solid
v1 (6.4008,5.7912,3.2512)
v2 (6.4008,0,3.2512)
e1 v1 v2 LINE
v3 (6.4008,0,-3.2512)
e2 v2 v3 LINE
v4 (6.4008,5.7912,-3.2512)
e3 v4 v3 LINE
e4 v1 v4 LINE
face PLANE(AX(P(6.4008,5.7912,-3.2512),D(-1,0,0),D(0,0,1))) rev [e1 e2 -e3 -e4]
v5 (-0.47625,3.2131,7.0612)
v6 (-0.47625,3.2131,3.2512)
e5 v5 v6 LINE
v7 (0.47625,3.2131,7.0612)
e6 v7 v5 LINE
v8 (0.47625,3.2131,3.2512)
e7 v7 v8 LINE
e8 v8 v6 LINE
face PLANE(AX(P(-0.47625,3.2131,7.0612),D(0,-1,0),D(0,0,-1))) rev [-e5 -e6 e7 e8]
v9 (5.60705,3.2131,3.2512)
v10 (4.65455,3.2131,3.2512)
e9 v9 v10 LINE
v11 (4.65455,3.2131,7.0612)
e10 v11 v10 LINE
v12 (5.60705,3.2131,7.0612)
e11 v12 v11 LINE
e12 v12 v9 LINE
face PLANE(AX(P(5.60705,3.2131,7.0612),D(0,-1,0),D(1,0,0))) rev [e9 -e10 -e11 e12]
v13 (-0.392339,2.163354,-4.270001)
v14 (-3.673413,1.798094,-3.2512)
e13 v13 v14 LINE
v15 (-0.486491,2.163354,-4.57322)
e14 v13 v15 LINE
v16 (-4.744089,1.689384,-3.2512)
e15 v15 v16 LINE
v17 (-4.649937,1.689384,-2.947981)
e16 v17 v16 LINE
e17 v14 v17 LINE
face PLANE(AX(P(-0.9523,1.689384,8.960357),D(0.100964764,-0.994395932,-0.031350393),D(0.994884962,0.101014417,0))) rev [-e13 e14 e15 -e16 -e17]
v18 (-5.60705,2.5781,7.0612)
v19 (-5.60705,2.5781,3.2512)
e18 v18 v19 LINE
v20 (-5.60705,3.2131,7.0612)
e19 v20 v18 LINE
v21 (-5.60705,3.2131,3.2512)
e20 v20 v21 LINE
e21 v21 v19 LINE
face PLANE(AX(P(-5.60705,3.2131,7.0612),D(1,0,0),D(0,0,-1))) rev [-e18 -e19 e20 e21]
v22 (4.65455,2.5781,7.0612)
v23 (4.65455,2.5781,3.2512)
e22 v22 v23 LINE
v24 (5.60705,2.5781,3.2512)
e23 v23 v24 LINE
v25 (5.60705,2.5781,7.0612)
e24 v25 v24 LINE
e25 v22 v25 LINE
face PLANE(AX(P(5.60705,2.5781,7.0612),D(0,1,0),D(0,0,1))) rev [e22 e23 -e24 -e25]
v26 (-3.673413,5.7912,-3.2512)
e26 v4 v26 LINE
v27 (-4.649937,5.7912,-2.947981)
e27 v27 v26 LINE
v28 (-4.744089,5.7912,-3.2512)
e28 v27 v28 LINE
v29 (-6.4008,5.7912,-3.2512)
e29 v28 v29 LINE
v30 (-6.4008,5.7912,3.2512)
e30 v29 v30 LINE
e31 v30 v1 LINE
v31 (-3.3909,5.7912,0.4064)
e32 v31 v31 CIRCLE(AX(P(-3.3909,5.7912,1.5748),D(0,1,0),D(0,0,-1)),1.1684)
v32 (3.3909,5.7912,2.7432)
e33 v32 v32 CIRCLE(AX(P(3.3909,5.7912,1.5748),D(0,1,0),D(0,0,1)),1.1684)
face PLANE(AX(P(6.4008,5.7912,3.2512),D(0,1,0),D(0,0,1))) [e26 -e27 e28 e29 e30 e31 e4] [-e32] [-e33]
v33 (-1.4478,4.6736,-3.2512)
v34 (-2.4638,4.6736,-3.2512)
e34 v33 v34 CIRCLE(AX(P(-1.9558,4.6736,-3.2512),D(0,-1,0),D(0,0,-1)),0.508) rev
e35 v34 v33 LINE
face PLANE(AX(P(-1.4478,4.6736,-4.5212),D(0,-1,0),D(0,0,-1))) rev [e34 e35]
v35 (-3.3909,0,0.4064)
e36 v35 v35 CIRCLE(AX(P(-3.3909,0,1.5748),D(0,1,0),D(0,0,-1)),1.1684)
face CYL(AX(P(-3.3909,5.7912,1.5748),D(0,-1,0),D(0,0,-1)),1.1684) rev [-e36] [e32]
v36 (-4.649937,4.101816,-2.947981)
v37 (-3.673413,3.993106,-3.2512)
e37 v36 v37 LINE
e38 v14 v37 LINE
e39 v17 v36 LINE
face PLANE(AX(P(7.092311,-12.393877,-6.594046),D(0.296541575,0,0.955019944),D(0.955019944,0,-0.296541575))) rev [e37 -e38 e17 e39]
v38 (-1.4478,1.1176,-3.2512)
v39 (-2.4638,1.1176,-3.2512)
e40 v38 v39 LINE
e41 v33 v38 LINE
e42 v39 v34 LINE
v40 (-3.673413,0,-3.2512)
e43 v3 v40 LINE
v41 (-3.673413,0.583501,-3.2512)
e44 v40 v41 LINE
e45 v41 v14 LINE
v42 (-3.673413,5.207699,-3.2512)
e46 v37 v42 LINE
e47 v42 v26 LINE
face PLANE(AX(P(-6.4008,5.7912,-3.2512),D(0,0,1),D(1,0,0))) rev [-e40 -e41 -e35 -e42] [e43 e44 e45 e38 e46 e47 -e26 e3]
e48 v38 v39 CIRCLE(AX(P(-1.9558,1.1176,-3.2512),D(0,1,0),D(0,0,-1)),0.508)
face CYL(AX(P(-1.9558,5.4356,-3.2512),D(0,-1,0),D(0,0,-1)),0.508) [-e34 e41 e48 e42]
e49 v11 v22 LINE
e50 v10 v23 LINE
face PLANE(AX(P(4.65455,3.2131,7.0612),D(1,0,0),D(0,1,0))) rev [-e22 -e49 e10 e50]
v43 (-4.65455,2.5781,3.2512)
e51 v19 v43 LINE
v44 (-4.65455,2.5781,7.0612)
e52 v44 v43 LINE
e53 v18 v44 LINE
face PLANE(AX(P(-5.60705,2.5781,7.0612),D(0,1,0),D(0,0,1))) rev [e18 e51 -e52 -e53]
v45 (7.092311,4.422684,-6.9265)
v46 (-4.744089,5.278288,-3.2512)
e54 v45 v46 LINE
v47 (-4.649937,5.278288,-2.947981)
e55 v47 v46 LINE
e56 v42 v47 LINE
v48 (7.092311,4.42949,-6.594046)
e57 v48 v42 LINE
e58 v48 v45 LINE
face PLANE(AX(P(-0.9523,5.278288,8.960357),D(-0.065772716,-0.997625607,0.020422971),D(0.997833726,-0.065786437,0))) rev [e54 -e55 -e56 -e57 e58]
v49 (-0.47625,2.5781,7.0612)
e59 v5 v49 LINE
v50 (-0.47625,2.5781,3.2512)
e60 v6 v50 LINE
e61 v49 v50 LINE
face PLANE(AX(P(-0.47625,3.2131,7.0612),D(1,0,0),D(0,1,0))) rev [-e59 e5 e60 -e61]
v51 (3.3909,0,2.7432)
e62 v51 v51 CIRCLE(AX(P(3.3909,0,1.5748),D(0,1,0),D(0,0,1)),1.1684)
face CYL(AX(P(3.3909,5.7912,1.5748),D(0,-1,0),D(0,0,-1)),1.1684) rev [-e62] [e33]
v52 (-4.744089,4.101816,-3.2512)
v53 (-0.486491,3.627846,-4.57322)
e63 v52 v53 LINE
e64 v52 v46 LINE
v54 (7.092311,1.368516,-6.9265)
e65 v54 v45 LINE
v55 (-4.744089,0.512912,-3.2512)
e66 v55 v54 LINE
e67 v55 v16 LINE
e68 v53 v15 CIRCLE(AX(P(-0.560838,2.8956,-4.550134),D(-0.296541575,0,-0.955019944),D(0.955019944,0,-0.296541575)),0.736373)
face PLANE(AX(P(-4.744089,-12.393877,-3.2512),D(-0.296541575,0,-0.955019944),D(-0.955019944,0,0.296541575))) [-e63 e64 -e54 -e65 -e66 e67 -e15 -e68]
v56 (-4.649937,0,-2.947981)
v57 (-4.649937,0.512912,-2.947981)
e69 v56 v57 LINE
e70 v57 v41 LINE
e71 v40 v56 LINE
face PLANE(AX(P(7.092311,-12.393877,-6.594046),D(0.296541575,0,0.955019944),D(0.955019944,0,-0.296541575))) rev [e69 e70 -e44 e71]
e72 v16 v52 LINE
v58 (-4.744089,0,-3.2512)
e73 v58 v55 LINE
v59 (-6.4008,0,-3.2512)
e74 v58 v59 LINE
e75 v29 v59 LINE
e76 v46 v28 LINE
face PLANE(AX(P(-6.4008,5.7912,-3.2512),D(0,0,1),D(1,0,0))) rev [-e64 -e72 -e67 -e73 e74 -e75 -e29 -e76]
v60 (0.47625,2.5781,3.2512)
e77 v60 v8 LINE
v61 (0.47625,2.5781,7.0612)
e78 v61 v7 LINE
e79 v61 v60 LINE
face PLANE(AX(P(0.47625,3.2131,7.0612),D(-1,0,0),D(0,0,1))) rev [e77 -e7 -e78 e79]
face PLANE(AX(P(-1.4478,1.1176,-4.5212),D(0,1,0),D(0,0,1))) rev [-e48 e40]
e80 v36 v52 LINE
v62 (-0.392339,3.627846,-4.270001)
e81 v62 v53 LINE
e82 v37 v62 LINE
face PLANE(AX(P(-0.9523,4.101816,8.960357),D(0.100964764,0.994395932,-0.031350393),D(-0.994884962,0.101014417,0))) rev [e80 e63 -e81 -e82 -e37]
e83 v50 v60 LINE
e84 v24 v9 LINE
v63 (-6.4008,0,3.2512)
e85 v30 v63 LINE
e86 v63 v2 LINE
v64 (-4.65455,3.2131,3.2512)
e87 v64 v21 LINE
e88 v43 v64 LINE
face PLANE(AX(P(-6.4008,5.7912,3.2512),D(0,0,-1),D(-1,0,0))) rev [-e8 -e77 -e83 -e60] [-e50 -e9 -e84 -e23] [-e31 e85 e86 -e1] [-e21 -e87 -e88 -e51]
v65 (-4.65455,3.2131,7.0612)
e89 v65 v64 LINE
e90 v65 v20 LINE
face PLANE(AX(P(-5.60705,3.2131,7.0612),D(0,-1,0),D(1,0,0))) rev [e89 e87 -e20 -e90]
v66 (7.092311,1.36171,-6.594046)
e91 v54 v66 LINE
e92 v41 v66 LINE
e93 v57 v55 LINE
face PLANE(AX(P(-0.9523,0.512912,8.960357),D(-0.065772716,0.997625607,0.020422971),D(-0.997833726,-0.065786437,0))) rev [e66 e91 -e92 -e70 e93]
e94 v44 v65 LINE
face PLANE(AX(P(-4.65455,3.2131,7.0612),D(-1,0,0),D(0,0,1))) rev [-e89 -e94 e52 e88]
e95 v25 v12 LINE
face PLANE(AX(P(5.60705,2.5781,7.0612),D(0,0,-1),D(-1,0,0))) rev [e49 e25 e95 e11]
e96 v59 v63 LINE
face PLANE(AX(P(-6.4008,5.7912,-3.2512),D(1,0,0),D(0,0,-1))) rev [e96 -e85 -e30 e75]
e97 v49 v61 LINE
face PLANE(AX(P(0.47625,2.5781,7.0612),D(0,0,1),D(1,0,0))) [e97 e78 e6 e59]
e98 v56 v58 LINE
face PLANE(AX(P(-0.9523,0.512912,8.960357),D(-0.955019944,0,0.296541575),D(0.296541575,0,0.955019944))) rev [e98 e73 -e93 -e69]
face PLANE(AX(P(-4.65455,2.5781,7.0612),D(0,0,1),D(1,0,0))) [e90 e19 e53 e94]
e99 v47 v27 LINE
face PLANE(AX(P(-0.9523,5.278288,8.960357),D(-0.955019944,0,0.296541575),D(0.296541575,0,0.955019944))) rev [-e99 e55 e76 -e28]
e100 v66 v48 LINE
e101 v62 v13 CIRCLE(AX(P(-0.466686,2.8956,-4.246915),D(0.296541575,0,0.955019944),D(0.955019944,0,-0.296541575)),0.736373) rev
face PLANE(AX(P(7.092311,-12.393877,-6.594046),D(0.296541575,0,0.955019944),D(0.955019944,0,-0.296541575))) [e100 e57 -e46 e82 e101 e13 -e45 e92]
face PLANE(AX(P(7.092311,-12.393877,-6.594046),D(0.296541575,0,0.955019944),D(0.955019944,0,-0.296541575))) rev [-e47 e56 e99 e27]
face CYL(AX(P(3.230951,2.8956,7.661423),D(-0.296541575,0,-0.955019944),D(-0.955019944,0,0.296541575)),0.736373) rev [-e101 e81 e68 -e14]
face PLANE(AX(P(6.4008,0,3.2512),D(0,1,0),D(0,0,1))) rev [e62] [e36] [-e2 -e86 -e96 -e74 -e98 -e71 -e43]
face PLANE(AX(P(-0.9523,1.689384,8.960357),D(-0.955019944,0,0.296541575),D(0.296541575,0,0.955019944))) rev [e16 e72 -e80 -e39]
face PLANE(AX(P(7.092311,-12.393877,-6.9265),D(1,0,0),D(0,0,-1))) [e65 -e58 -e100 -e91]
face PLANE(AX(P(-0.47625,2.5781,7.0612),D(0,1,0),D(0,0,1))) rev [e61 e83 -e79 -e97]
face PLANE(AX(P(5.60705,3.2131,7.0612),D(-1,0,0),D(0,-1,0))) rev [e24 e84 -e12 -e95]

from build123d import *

# Parameters (mm, degrees)
SKETCH1_W           = 12.8016
SKETCH1_H           = 6.5024
SKETCH1_R           = 1.1684
BOSS_EXTRUDE1_DEPTH = 5.7912
SKETCH2_W           = 1.016
SKETCH2_H           = 3.556
BOSS_EXTRUDE2_DEPTH = 1.27
CUT_EXTRUDE1_DEPTH  = 4.318
BOSS_EXTRUDE6_DEPTH = 5.7912
CUT_EXTRUDE2_DEPTH  = 0.3175
SKETCH7_W           = 0.9525
SKETCH7_H           = 0.635
BOSS_EXTRUDE7_DEPTH = 3.81


with BuildPart() as part:
    # Sketch1 → Boss-Extrude1 (new body)
    with BuildSketch(Plane(origin=(0, 0, 0), x_dir=(1, 0, 0), z_dir=(0, 1, 0))):
        Rectangle(SKETCH1_W, SKETCH1_H)
        with Locations(Location((3.3909, -1.5748, 0), (0, 0, 270))):
            Circle(SKETCH1_R, mode=Mode.SUBTRACT)
        with Locations(Location((-3.3909, -1.5748, 0), (0, 0, 90))):
            Circle(SKETCH1_R, mode=Mode.SUBTRACT)
    extrude(amount=BOSS_EXTRUDE1_DEPTH)

    # Sketch2 → Boss-Extrude2 (add)
    with BuildSketch(Plane(origin=(0, 0, -3.2512), x_dir=(-1, 0, 0), z_dir=(0, 0, -1))):
        with Locations((1.9558, 2.8956)):
            Rectangle(SKETCH2_W, SKETCH2_H)
    extrude(amount=BOSS_EXTRUDE2_DEPTH)

    # Sketch3 → Cut-Extrude1 (cut)
    with BuildSketch(Plane.XZ.offset(-1.1176)):
        with BuildLine():
            Line((-1.4478, -3.2512), (-1.4478, -4.5212))
            Line((-1.4478, -4.5212), (-2.4638, -4.5212))
            Line((-2.4638, -4.5212), (-2.4638, -3.2512))
            ThreePointArc((-2.4638, -3.2512), (-1.9558, -3.7592), (-1.4478, -3.2512))
        make_face()
    extrude(amount=-CUT_EXTRUDE1_DEPTH, mode=Mode.SUBTRACT)

    # Sketch4 → Boss-Extrude6 (add)
    with BuildSketch(Plane(origin=(0, 5.7912, 0), x_dir=(1, 0, 0), z_dir=(0, 1, 0))):
        Polygon((-3.673412994, 3.2512), (-4.744089172, 3.2512), (7.092310828, 6.926499891), (7.092310828, 6.594046101), align=None)
    extrude(amount=-BOSS_EXTRUDE6_DEPTH)

    # Sketch6 → Cut-Extrude2 (cut)
    with BuildSketch(Plane(origin=(-1.337930501, 0, -4.30884038), x_dir=(-0.9550199444571864, 0, 0.29654157497557215), z_dir=(-0.29654157497557215, 0, -0.9550199444571864))):
        Polygon((3.566583809, 0.512911728), (-8.82729348, 1.368515991), (-8.82729348, 0), (3.566583809, 0), align=None)
        with BuildLine():
            Line((3.566583809, 1.689384201), (-0.891541508, 2.163353626))
            ThreePointArc((-0.891541508, 2.163353626), (-1.550065164, 2.8956), (-0.891541508, 3.627846374))
            Line((-0.891541508, 3.627846374), (3.566583809, 4.101815799))
            Line((3.566583809, 4.101815799), (3.566583809, 1.689384201))
        make_face()
        Polygon((3.566583809, 5.278288272), (3.566583809, 5.7912), (-8.82729348, 5.7912), (-8.82729348, 4.422684009), align=None)
    extrude(amount=-CUT_EXTRUDE2_DEPTH, mode=Mode.SUBTRACT)

    # Sketch7 → Boss-Extrude7 (add)
    with BuildSketch(Plane.XY.offset(3.2512)):
        with Locations((-5.1308, 2.8956)):
            Rectangle(SKETCH7_W, SKETCH7_H)
        with Locations((0, 2.8956)):
            Rectangle(SKETCH7_W, SKETCH7_H)
        with Locations((5.1308, 2.8956)):
            Rectangle(SKETCH7_W, SKETCH7_H)
    extrude(amount=BOSS_EXTRUDE7_DEPTH)


solid = part.part
